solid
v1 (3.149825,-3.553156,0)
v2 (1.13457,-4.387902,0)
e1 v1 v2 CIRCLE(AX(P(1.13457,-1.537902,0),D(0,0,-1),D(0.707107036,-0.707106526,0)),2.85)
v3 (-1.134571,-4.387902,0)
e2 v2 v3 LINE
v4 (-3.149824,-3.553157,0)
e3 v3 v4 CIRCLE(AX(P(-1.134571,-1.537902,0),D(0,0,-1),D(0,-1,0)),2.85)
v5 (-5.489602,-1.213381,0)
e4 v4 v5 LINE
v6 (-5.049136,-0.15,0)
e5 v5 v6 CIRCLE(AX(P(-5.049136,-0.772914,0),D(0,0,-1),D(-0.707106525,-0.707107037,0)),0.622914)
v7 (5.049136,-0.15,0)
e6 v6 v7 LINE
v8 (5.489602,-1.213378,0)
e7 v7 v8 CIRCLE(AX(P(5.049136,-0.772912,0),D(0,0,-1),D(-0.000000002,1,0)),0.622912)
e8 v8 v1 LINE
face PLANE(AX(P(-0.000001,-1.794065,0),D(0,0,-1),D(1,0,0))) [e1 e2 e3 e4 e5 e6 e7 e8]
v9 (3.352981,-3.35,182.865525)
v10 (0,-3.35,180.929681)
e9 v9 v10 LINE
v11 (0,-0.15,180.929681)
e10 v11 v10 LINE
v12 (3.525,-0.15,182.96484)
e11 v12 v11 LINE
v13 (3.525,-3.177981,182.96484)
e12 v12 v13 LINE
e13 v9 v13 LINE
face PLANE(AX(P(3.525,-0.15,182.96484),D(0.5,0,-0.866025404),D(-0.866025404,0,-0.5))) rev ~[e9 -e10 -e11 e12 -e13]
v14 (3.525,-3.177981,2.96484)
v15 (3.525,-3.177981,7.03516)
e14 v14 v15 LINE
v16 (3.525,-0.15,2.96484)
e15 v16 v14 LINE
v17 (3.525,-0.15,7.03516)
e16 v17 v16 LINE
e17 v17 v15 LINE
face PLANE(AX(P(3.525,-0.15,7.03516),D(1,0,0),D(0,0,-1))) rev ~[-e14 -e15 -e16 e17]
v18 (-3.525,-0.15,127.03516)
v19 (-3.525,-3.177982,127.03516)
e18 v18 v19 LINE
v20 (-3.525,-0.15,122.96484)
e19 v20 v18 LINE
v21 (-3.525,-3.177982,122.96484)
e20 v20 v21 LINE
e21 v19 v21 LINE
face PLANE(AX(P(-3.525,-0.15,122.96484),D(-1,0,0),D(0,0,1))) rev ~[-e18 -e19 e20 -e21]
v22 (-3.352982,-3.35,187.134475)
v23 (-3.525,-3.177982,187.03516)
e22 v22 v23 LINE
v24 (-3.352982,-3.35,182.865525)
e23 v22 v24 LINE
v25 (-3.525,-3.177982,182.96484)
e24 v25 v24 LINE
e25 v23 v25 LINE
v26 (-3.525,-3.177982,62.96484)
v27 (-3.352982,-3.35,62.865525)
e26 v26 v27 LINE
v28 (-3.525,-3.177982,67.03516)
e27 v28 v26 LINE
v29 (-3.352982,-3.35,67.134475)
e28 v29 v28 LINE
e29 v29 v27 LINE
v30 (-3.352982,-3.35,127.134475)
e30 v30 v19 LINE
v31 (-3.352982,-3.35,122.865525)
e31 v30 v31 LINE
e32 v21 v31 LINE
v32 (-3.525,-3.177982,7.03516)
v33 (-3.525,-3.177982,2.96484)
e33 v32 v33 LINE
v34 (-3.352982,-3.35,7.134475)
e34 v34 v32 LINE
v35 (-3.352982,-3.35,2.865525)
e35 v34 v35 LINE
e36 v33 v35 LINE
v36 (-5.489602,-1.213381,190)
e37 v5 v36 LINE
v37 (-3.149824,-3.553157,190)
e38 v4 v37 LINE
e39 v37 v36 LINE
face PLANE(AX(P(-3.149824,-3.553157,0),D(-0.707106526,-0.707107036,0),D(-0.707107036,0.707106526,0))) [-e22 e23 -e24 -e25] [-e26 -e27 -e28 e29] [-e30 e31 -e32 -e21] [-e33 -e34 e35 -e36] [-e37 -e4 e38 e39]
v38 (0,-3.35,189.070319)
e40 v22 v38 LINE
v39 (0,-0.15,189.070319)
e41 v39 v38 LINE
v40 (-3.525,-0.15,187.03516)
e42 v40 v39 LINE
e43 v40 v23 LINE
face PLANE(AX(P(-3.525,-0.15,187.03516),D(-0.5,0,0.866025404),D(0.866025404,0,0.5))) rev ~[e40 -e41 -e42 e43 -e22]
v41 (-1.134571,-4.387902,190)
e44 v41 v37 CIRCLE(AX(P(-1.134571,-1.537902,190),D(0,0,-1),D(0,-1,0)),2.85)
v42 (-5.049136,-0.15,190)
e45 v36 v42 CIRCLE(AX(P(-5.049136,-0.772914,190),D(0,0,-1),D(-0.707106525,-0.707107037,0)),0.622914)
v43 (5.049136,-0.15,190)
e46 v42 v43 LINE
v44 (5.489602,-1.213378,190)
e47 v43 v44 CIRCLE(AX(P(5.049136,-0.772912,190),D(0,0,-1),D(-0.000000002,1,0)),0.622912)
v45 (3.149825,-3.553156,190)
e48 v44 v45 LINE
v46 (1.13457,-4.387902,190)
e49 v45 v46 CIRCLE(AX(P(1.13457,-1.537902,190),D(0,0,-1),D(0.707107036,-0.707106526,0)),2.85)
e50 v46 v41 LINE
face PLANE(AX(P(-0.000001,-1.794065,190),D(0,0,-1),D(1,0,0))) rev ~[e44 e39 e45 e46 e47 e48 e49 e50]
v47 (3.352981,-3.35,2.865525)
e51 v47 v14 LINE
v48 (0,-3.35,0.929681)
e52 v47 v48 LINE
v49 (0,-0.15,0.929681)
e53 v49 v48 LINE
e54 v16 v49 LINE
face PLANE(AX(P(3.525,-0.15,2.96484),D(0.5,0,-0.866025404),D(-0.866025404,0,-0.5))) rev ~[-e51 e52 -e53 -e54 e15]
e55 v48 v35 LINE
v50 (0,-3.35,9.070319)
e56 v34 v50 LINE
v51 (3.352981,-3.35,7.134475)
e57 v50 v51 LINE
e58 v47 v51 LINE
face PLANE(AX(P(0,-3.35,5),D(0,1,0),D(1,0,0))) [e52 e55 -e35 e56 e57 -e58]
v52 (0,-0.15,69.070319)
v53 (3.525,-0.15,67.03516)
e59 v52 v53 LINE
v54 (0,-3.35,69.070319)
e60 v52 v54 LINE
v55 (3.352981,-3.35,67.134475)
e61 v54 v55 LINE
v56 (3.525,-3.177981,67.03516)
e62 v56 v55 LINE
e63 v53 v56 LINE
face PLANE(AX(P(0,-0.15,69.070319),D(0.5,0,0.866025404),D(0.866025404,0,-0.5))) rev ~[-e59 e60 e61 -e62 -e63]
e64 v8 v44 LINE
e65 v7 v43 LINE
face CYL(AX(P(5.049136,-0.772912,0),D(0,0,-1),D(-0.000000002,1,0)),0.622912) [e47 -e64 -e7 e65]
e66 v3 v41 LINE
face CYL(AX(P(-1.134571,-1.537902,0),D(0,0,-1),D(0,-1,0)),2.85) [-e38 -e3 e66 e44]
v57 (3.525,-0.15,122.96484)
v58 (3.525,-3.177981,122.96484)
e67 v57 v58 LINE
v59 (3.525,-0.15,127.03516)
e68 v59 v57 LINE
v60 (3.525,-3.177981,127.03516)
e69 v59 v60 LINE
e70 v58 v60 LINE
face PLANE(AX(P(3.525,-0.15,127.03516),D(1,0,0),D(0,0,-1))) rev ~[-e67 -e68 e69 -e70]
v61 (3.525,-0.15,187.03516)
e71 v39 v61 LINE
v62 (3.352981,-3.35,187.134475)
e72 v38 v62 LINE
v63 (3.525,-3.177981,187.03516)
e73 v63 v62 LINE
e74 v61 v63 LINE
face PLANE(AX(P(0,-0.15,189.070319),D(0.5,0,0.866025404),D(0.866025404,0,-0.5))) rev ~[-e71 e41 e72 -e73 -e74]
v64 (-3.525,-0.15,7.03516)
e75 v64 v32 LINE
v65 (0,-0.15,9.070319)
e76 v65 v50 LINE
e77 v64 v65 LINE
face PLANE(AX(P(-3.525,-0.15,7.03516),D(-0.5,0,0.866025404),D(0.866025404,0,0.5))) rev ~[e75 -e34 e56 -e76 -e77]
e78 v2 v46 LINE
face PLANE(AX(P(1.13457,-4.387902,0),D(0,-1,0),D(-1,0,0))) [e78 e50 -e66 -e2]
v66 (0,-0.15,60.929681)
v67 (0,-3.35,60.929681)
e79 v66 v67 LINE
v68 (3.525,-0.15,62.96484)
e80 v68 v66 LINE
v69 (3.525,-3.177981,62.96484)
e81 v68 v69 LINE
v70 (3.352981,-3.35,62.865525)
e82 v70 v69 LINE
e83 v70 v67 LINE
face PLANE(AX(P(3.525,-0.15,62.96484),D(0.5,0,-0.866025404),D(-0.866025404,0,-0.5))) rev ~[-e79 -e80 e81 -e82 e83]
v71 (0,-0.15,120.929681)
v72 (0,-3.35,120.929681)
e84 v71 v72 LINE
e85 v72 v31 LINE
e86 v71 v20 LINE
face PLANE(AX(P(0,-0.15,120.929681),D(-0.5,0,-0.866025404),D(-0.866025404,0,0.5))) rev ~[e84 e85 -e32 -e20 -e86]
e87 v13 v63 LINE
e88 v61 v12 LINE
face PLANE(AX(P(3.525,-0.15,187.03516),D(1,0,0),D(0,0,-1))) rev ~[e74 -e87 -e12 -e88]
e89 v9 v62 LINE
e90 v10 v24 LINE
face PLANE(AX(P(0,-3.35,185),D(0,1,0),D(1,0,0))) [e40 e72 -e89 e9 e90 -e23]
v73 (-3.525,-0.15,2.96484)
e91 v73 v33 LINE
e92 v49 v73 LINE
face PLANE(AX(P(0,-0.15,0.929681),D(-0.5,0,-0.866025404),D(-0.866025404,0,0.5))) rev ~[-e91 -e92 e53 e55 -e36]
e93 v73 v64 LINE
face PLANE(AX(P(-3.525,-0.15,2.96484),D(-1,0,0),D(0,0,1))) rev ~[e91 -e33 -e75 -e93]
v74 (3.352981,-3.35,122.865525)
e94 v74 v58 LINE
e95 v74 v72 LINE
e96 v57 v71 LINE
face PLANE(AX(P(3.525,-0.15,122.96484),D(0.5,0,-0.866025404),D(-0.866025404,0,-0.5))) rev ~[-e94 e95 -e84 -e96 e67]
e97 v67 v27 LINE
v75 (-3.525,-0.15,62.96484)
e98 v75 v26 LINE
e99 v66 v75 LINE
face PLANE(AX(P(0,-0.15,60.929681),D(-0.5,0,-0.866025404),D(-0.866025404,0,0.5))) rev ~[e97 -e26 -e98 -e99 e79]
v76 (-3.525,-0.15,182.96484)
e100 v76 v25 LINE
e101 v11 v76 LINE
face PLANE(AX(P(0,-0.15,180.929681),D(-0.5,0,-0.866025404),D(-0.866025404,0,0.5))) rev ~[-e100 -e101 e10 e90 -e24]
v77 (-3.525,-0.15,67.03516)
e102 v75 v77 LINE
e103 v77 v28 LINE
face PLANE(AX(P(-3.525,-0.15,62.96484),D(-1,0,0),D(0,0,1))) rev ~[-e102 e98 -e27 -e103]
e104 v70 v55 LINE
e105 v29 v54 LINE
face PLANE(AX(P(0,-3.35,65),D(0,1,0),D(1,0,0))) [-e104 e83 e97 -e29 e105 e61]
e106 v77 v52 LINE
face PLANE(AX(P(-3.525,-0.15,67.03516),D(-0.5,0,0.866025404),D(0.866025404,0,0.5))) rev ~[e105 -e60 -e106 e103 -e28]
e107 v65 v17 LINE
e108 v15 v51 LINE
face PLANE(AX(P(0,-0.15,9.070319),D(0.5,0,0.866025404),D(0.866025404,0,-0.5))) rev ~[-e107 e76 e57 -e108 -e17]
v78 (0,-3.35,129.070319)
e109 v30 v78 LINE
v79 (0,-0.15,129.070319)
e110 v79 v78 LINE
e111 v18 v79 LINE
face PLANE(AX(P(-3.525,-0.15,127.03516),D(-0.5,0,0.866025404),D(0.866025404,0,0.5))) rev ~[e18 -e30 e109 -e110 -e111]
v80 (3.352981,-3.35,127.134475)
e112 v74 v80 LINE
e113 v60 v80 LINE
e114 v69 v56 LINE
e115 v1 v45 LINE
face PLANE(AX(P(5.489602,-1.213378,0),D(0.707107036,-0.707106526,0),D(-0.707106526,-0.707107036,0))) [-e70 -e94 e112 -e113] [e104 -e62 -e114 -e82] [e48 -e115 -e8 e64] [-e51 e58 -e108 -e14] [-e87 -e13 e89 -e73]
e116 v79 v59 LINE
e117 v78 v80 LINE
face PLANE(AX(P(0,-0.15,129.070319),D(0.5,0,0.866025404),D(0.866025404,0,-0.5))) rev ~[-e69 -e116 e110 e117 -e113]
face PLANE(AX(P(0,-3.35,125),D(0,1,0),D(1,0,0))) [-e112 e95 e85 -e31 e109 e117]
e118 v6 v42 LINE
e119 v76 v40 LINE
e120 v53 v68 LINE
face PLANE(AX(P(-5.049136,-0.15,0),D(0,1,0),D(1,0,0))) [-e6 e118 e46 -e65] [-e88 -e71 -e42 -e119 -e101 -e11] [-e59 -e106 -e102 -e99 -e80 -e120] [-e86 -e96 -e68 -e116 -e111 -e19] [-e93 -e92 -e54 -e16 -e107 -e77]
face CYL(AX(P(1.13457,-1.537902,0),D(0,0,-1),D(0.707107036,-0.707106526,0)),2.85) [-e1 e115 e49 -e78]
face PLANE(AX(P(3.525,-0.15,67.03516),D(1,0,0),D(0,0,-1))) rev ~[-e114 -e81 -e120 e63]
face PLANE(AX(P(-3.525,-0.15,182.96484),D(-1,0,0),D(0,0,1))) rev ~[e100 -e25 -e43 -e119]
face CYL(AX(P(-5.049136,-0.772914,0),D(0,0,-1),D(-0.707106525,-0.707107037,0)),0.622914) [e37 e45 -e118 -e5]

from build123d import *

# Parameters (mm, degrees)
BOSS_EXTRUDE1_DEPTH = 190
CUT_EXTRUDE1_DEPTH  = 3.2


with BuildPart() as part:
    # Sketch1 → Boss-Extrude1 (new body)
    with BuildSketch(Plane(origin=(0, 0, 0), x_dir=(-1, 0, 0), z_dir=(0, 0, 1))):
        with BuildLine():
            Line((-1.134570377, 4.387902266), (1.134570572, 4.387902266))
            ThreePointArc((1.134570572, 4.387902266), (2.22521788, 4.17095913), (3.149824172, 3.553157318))
            Line((3.149824172, 3.553157318), (5.489602344, 1.213380832))
            ThreePointArc((5.489602344, 1.213380832), (5.624633323, 0.534535222), (5.049135806, 0.15))
            Line((5.049135806, 0.15), (-5.049135806, 0.15))
            ThreePointArc((-5.049135806, 0.15), (-5.624631872, 0.534534102), (-5.489601617, 1.213377992))
            Line((-5.489601617, 1.213377992), (-3.149825429, 3.553155866))
            ThreePointArc((-3.149825429, 3.553155866), (-2.225218633, 4.170958737), (-1.134570377, 4.387902266))
        make_face()
    extrude(amount=BOSS_EXTRUDE1_DEPTH)

    # Sketch2 → Cut-Extrude1 (cut)
    with BuildSketch(Plane(origin=(0, -0.15, 0), x_dir=(1, 0, 0), z_dir=(0, 1, 0))):
        Polygon((0, -0.929680602), (-3.525, -2.964840301), (-3.525, -7.035159699), (0, -9.070319398), (3.525, -7.035159699), (3.525, -2.964840301), align=None)
        Polygon((0, -60.929680602), (-3.525, -62.964840301), (-3.525, -67.035159699), (0, -69.070319398), (3.525, -67.035159699), (3.525, -62.964840301), align=None)
        Polygon((0, -120.929680602), (-3.525, -122.964840301), (-3.525, -127.035159699), (0, -129.070319398), (3.525, -127.035159699), (3.525, -122.964840301), align=None)
        Polygon((0, -180.929680602), (-3.525, -182.964840301), (-3.525, -187.035159699), (0, -189.070319398), (3.525, -187.035159699), (3.525, -182.964840301), align=None)
    extrude(amount=-CUT_EXTRUDE1_DEPTH, mode=Mode.SUBTRACT)


solid = part.part
